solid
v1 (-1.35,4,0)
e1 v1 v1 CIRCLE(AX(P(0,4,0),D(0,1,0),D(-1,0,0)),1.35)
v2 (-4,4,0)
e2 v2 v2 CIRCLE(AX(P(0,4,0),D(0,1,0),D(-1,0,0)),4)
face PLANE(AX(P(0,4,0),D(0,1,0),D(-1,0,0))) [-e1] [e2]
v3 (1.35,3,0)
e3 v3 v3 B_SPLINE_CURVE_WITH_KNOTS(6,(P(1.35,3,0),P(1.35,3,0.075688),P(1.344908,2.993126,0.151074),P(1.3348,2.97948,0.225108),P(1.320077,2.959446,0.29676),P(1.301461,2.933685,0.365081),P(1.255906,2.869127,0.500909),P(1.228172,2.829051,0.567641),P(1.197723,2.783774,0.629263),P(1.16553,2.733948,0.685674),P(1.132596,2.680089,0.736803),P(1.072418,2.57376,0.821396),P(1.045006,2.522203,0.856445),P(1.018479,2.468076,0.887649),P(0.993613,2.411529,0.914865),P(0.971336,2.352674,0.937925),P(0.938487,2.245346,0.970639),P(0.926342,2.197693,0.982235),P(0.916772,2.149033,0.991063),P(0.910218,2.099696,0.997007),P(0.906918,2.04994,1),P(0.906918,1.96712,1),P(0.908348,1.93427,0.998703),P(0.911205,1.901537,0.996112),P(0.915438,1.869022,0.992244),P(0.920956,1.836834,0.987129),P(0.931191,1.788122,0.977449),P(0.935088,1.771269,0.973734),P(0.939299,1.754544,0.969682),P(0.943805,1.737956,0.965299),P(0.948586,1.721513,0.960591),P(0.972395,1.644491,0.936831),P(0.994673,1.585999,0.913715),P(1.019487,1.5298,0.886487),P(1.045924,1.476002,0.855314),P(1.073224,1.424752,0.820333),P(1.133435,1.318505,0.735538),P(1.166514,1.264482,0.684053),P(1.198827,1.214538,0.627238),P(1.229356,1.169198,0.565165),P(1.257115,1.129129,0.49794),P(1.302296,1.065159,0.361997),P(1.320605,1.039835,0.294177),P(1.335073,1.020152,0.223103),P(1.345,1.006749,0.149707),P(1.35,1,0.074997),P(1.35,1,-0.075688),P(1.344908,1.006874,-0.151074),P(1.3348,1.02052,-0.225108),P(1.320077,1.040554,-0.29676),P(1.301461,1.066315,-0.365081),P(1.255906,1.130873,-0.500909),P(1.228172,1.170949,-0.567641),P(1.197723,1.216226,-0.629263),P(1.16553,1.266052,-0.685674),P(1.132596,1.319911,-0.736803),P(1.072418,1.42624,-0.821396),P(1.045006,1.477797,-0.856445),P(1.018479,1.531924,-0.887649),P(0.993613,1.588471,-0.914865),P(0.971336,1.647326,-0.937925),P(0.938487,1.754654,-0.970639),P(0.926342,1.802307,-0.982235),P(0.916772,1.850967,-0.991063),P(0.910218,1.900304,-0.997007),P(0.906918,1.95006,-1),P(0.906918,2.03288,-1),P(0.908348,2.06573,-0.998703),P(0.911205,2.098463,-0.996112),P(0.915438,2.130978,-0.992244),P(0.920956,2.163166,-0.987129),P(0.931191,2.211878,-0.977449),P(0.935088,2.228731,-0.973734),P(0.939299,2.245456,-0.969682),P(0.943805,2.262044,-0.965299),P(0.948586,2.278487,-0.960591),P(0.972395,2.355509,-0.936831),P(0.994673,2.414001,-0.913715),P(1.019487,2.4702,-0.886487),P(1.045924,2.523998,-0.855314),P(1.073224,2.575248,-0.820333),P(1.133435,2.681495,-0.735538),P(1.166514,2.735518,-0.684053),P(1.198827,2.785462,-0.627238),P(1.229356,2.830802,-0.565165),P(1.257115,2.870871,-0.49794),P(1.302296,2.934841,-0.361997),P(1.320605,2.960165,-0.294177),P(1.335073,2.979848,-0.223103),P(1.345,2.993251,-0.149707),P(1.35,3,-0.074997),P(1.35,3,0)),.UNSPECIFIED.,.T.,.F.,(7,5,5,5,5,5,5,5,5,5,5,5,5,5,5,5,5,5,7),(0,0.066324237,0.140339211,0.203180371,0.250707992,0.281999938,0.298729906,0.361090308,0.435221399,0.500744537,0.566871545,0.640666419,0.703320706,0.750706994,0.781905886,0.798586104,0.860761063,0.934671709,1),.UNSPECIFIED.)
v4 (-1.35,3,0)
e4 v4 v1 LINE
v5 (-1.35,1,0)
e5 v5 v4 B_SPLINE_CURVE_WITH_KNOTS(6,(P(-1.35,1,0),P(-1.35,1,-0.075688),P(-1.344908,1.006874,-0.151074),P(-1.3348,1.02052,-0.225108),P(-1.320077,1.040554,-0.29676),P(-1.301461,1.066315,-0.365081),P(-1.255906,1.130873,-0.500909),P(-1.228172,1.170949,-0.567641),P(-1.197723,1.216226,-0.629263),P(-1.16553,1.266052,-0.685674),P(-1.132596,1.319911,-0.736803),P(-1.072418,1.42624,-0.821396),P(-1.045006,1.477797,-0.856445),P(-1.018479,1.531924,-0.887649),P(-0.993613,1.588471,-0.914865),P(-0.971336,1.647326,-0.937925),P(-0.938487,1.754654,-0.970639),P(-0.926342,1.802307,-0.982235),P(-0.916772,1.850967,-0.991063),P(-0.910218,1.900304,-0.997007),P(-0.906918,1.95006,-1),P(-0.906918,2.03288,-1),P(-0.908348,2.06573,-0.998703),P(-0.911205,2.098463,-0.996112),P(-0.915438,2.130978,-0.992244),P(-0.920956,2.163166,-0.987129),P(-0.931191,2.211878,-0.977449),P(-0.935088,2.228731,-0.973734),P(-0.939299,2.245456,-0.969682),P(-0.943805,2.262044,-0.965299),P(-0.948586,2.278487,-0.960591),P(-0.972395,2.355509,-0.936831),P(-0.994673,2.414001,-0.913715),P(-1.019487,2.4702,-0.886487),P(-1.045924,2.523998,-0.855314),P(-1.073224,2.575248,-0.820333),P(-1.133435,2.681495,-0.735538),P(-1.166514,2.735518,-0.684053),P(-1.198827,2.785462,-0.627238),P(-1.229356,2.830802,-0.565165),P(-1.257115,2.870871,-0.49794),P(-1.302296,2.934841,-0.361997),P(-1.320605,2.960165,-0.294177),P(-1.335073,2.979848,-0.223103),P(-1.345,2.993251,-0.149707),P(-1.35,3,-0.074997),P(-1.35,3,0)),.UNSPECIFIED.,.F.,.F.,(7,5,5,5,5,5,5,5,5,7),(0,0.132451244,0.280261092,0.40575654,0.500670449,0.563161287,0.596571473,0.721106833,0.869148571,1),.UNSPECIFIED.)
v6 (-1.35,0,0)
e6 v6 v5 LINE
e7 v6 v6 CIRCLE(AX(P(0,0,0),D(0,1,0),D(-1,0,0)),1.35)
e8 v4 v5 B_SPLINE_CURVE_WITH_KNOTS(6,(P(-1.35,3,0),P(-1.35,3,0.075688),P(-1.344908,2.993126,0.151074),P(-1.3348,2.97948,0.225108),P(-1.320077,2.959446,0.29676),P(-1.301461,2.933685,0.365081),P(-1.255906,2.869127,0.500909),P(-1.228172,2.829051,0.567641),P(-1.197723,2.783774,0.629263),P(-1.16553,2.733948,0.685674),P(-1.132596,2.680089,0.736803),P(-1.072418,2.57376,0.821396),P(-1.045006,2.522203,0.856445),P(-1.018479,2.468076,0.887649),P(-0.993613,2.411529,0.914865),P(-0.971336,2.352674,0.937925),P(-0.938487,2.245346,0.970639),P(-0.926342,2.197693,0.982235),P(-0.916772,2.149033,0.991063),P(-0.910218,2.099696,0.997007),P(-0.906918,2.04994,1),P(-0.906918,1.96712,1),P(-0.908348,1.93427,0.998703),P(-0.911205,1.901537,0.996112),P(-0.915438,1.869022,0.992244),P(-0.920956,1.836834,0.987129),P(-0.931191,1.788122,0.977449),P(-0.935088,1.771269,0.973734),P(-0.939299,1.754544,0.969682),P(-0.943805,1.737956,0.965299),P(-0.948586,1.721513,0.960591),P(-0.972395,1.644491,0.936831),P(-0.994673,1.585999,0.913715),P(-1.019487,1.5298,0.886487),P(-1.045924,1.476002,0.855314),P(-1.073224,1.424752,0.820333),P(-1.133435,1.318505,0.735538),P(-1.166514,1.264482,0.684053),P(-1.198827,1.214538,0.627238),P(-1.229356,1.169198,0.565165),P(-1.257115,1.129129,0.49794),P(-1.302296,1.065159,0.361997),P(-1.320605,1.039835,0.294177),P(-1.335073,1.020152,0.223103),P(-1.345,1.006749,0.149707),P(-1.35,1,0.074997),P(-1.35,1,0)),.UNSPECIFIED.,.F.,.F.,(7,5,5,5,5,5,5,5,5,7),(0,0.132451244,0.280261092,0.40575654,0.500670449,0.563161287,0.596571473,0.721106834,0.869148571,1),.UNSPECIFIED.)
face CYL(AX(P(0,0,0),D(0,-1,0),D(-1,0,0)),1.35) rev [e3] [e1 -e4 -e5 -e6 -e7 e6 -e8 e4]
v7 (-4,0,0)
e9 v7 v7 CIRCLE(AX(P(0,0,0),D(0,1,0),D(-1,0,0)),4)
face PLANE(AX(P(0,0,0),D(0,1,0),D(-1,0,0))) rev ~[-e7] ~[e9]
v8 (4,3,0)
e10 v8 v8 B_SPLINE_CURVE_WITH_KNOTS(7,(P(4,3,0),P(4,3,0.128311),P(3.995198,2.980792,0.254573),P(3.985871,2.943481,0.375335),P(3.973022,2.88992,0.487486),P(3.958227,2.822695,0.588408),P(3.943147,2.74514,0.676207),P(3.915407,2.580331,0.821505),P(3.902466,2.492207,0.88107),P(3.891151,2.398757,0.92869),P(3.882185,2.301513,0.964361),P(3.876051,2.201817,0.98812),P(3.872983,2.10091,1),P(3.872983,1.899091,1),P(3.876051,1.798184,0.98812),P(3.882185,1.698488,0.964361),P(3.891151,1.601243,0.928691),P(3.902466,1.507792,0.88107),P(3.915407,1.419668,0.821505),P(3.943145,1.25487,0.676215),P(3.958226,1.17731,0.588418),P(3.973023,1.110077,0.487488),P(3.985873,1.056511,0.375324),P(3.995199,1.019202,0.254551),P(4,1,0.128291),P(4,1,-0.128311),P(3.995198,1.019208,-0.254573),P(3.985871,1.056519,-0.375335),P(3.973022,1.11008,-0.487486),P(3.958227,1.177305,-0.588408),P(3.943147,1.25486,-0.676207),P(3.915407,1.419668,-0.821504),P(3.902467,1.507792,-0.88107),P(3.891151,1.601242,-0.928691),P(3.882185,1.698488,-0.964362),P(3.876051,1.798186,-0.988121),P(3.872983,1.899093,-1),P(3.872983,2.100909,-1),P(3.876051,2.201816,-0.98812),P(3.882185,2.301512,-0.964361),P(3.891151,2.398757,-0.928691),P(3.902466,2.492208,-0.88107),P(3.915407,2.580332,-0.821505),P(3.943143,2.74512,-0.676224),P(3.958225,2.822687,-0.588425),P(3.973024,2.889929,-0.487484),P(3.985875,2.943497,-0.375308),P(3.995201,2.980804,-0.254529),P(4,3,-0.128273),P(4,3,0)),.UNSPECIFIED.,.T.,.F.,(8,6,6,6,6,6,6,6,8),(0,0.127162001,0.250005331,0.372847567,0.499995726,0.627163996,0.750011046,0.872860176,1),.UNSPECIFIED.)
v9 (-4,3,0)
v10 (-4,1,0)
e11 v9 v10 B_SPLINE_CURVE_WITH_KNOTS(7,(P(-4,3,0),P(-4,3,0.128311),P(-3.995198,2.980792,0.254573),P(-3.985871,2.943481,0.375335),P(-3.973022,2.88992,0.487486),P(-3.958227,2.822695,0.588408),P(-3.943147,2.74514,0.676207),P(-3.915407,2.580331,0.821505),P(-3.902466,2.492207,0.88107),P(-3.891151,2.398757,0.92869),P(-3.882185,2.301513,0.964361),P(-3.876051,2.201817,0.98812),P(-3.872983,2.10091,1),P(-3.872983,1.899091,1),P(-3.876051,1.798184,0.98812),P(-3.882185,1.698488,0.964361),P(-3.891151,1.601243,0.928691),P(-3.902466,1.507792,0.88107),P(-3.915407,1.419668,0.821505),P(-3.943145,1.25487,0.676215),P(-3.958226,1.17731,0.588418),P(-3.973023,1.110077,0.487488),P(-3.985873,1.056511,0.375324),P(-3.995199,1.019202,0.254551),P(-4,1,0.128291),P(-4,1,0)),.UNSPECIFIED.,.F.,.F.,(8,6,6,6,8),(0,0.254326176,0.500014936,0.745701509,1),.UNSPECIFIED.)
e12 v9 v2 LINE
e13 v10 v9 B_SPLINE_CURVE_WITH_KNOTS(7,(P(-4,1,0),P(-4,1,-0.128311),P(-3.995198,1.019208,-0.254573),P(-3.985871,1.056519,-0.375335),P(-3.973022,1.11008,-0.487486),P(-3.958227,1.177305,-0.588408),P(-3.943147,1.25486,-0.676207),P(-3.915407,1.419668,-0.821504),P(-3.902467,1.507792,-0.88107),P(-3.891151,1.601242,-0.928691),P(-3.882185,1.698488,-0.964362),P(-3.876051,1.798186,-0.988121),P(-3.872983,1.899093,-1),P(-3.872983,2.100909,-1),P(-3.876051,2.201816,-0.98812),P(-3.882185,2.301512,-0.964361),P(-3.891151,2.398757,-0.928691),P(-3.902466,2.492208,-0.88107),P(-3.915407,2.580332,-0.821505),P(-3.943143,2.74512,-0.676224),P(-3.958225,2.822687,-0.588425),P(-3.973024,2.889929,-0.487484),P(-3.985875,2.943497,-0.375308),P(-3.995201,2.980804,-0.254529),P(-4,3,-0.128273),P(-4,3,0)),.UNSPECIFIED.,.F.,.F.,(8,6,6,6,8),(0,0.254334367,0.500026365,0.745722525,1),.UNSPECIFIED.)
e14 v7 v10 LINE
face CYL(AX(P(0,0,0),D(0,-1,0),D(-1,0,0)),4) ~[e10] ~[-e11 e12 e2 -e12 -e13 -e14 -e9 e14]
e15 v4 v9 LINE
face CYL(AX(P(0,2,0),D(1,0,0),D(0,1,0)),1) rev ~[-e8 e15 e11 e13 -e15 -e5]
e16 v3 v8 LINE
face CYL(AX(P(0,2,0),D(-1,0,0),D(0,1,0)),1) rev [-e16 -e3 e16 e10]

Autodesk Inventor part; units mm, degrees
ref_plane "YZ Plane" through (0, 0, 0) normal (1, 0, 0) x (0, 1, 0)
ref_plane "XZ Plane" through (0, 0, 0) normal (0, 1, 0) x (-1, 0, 0)
ref_plane "XY Plane" through (0, 0, 0) normal (0, 0, 1) x (1, 0, 0)
sketch "Sketch1" plane through (0, 0, 0) normal (0, 1, 0) x (-1, 0, 0)
  circle A0 centre (0, 0) radius 1.35
  circle A1 centre (0, 0) radius 4
  dimension "d0" = 2.7
  dimension "d1" = 8
extrude "Extrusion1" add sketch "Sketch1" along normal blind 4
sketch "Sketch2" plane through (0, 0, 0) normal (1, 0, 0) x (0, 1, 0)
  circle A0 centre (2, 0) radius 1
  line L0 (0, 1.35) -> (4, 1.35) projected
  point P0 (0, 0)
  point P1 (2, 1.35)
  dimension "d4" = 2
extrude "Extrusion2" cut sketch "Sketch2" along normal through all both and the other way through all
thread "Thread2" size "M2x0.4" class "6H" standard "ANSI Metric M Profile" full length
thread "Thread3" size "M2x0.4" class "6H" standard "ANSI Metric M Profile" full length
properties part number "Shaft Washer" material "Thermoplastic Resin"
